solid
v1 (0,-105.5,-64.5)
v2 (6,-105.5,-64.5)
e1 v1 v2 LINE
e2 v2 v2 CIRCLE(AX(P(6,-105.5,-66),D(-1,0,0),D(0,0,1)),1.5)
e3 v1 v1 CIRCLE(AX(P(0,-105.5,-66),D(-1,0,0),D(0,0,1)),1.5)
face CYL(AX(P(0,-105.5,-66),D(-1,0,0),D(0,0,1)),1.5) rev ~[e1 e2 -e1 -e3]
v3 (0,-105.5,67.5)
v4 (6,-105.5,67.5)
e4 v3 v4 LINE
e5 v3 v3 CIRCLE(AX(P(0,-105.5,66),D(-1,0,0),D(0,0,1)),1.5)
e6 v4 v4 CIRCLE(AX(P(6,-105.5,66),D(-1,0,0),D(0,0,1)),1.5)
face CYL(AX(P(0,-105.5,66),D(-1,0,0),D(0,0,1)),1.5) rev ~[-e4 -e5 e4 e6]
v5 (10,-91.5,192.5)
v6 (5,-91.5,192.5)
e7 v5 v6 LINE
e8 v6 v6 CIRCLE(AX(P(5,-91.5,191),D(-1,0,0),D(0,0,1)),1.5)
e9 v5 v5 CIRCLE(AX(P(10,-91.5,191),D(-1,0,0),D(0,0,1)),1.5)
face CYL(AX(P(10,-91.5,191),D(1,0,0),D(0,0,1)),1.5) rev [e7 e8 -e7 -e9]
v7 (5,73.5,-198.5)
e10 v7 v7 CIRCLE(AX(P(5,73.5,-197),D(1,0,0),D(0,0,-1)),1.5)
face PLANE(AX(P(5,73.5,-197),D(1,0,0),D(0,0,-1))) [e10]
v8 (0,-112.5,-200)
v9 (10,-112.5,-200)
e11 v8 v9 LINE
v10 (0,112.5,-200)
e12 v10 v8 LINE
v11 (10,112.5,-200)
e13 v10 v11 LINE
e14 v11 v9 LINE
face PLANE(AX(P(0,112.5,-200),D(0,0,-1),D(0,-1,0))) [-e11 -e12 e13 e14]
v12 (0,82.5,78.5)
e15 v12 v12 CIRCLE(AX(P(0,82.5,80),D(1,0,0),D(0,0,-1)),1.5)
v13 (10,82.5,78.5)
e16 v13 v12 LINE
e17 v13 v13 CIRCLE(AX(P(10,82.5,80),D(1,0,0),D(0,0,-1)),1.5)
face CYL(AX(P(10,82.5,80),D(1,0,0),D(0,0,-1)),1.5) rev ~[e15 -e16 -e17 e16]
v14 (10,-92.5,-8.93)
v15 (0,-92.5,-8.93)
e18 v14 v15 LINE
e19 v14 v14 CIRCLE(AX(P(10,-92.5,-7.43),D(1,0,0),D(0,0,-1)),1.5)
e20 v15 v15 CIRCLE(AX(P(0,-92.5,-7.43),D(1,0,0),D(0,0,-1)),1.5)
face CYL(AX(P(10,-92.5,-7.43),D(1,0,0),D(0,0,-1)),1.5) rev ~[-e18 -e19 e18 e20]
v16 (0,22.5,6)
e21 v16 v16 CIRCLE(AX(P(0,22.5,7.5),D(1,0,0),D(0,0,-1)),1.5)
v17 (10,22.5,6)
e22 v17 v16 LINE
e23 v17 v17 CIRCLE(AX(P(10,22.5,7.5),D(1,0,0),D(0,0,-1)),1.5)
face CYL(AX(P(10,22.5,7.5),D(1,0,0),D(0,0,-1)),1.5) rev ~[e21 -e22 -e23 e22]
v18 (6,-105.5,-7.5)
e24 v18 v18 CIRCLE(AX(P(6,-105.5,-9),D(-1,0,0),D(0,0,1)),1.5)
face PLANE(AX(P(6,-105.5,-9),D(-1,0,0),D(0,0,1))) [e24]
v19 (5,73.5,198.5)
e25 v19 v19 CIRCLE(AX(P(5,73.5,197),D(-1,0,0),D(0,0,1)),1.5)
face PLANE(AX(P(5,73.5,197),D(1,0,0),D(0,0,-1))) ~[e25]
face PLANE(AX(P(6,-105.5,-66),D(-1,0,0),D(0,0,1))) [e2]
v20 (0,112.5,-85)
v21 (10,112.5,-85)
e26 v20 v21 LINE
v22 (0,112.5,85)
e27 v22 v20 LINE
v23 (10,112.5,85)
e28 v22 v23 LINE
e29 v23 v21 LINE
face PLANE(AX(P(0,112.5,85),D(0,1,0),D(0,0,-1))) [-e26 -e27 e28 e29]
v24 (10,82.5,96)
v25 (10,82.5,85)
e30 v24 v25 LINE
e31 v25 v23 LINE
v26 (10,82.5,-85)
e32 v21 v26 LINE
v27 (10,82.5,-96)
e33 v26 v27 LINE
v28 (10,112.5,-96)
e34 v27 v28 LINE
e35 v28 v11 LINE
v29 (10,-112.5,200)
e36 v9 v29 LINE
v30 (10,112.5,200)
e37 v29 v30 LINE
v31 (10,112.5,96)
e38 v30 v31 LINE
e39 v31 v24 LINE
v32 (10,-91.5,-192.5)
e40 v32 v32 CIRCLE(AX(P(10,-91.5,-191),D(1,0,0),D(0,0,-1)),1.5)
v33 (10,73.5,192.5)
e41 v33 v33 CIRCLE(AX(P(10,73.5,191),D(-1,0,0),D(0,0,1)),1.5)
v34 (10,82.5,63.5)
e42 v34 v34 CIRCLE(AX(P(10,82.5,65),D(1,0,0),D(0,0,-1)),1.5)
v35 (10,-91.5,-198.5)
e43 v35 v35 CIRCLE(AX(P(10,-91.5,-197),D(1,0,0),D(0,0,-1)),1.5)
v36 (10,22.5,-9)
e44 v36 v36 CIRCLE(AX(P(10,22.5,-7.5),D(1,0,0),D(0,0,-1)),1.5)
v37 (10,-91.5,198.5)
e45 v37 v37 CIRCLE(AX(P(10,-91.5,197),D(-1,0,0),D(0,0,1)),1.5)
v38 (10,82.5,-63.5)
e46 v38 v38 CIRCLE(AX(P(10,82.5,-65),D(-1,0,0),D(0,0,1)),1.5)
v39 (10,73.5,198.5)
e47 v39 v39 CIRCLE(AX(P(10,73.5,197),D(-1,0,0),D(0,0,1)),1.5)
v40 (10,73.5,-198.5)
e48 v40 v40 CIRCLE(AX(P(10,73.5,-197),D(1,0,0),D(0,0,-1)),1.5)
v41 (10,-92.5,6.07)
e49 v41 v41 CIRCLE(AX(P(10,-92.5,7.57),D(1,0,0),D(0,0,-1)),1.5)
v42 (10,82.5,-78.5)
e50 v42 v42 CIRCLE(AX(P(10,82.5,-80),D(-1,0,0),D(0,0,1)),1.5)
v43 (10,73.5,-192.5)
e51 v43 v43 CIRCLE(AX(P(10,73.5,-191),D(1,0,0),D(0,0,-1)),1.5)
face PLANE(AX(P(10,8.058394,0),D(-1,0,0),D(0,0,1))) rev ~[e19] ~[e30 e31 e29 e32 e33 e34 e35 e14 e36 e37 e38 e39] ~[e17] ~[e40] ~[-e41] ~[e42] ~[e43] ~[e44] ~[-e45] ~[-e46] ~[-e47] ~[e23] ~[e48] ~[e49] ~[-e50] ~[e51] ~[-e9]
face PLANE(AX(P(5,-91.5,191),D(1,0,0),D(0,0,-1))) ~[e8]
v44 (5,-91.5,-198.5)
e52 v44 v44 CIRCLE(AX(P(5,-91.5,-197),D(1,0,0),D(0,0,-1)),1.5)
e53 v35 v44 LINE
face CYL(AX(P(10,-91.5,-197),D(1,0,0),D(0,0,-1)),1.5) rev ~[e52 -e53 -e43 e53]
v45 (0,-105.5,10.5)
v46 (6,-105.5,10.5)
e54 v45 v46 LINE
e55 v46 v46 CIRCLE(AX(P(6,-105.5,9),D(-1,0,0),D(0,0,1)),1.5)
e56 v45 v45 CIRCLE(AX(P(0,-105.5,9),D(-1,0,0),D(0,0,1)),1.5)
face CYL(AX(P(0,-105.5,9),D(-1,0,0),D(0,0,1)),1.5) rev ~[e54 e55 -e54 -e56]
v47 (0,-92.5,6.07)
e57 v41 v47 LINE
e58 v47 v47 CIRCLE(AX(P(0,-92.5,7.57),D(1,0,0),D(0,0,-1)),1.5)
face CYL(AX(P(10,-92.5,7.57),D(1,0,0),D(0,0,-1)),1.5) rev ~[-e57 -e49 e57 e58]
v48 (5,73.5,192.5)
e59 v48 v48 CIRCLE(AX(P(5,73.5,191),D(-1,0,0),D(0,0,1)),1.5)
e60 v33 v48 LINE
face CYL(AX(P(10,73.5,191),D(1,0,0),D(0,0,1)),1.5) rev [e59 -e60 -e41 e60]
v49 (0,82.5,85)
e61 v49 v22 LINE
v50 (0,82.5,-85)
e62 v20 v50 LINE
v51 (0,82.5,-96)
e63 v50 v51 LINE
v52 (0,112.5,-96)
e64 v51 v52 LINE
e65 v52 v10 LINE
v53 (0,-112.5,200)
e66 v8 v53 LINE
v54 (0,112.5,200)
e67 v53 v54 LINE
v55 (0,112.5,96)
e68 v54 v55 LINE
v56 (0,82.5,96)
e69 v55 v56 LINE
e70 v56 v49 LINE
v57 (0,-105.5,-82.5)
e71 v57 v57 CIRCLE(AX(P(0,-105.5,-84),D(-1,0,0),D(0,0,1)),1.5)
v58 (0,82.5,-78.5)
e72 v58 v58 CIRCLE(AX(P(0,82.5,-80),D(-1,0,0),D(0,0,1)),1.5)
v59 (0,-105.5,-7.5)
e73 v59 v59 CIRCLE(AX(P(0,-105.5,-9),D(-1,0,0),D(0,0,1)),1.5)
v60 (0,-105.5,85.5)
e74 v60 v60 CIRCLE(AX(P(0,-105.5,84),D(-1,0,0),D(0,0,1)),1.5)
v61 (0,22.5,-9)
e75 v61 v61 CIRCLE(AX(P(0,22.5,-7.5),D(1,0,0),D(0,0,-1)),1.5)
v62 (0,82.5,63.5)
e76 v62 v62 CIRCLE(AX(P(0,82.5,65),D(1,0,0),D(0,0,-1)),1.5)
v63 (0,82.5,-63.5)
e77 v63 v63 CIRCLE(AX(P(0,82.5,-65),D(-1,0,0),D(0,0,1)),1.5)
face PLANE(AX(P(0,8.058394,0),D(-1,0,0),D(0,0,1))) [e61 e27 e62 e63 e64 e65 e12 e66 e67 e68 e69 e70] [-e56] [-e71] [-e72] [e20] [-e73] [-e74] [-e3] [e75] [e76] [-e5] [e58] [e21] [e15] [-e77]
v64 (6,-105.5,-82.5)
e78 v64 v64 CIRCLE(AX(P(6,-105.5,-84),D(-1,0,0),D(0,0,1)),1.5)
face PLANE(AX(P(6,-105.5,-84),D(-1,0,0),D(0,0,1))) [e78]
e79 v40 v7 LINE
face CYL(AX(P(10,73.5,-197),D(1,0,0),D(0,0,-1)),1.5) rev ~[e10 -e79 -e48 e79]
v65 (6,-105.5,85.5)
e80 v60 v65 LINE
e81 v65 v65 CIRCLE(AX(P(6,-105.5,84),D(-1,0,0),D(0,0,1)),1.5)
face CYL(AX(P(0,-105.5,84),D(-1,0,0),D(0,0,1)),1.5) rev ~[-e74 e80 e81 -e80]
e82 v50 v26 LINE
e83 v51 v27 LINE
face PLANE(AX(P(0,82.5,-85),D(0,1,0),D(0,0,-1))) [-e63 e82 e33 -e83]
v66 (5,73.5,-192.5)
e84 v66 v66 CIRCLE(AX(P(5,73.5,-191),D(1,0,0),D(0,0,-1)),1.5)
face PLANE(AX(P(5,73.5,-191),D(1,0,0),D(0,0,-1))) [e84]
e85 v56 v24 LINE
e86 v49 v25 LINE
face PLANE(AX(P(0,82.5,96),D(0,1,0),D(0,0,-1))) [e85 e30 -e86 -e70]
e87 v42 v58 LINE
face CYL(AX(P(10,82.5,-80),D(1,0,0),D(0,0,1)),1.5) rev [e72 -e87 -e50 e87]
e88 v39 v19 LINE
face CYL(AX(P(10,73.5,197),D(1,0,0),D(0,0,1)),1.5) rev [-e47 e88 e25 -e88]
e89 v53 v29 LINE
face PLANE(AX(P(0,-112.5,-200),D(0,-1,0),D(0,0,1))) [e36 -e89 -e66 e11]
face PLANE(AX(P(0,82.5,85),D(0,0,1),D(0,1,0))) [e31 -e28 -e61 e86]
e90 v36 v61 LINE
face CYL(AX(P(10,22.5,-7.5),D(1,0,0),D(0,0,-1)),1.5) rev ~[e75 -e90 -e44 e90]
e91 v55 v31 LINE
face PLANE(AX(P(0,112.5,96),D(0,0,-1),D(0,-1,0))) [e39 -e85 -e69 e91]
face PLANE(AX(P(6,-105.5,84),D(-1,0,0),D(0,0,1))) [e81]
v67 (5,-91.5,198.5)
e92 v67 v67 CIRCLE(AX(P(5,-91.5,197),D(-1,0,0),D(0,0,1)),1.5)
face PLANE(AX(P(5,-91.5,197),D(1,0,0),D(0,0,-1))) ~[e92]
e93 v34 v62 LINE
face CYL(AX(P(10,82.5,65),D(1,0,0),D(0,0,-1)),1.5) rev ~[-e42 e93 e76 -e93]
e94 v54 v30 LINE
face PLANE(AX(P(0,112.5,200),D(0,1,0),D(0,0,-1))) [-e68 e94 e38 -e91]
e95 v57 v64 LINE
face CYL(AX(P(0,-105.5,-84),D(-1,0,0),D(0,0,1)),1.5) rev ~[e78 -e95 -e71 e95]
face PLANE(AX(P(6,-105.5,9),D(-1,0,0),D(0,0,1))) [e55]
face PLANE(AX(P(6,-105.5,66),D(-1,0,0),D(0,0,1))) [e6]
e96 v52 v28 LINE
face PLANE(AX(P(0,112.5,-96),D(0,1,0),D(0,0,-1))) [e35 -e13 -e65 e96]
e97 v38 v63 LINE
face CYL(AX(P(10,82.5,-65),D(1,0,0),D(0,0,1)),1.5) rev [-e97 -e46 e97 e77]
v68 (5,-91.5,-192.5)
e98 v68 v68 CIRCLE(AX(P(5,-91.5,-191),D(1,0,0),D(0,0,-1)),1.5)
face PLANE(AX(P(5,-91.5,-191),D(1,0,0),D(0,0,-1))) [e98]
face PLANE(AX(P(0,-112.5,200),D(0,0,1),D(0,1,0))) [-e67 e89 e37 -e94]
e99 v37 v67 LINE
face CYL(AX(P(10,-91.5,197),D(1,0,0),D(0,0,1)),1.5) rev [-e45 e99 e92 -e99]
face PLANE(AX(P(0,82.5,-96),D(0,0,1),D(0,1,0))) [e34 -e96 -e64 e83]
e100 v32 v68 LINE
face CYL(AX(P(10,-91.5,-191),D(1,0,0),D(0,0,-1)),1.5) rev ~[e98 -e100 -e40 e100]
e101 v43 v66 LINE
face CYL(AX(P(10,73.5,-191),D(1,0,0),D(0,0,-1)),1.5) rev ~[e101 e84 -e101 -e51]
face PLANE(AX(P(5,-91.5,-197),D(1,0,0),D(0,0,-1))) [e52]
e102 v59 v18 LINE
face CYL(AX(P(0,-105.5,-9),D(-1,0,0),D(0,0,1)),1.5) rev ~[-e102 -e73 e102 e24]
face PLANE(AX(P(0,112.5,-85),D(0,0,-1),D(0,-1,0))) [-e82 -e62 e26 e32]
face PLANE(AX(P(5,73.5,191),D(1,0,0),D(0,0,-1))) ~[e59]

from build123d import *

# Parameters (mm, degrees)
EXTRUDE_1_DEPTH     = 10
SKETCH_2_R          = 1.5
CUT_EXTRUDE_1_DEPTH = 6
SKETCH_3_R          = 1.5
CUT_EXTRUDE_2_DEPTH = 5
SKETCH_4_R          = 1.5
CUT_EXTRUDE_3_DEPTH = 10
SKETCH_5_R          = 1.5
CUT_EXTRUDE_4_DEPTH = 10
SKETCH_6_R          = 1.5
CUT_EXTRUDE_5_DEPTH = 10


with BuildPart() as part:
    # 草图1 → 凸台-拉伸1 (new body)
    with BuildSketch(Plane(origin=(0, 0, 0), x_dir=(0, 0, -1), z_dir=(1, 0, 0))):
        Polygon((96, 112.5), (200, 112.5), (200, -112.5), (-200, -112.5), (-200, 112.5), (-96, 112.5), (-96, 82.5), (-85, 82.5), (-85, 112.5), (85, 112.5), (85, 82.5), (96, 82.5), align=None)
    extrude(amount=EXTRUDE_1_DEPTH)

    # 草图2 → 切除-拉伸1 (cut)
    with BuildSketch(Plane.ZY):
        with Locations((-84, -105.5)):
            Circle(SKETCH_2_R)
        with Locations((-66, -105.5)):
            Circle(SKETCH_2_R)
        with Locations((-9, -105.5)):
            Circle(SKETCH_2_R)
        with Locations((9, -105.5)):
            Circle(SKETCH_2_R)
        with Locations((66, -105.5)):
            Circle(SKETCH_2_R)
        with Locations((84, -105.5)):
            Circle(SKETCH_2_R)
    extrude(amount=-CUT_EXTRUDE_1_DEPTH, mode=Mode.SUBTRACT)

    # 草图3 → 切除-拉伸2 (cut)
    with BuildSketch(Plane(origin=(10, 0, 0), x_dir=(0, 0, -1), z_dir=(1, 0, 0))):
        with Locations((197, -91.5)):
            Circle(SKETCH_3_R)
        with Locations((191, -91.5)):
            Circle(SKETCH_3_R)
        with Locations((191, 73.5)):
            Circle(SKETCH_3_R)
        with Locations((197, 73.5)):
            Circle(SKETCH_3_R)
    cut_extrude_2 = extrude(amount=-CUT_EXTRUDE_2_DEPTH, mode=Mode.SUBTRACT)

    # 镜向1: 切除-拉伸2 across plane
    add(cut_extrude_2.mirror(Plane.XY), mode=Mode.SUBTRACT)

    # 草图4 → 切除-拉伸3 (cut)
    with BuildSketch(Plane(origin=(10, 0, 0), x_dir=(0, 0, -1), z_dir=(1, 0, 0))):
        with Locations((7.43, -92.5)):
            Circle(SKETCH_4_R)
        with Locations((-7.57, -92.5)):
            Circle(SKETCH_4_R)
    extrude(amount=-CUT_EXTRUDE_3_DEPTH, mode=Mode.SUBTRACT)

    # 草图5 → 切除-拉伸4 (cut)
    with BuildSketch(Plane(origin=(10, 0, 0), x_dir=(0, 0, -1), z_dir=(1, 0, 0))):
        with Locations((-80, 82.5)):
            Circle(SKETCH_5_R)
        with Locations((-65, 82.5)):
            Circle(SKETCH_5_R)
    cut_extrude_4 = extrude(amount=-CUT_EXTRUDE_4_DEPTH, mode=Mode.SUBTRACT)

    # 镜向2: 切除-拉伸4 across plane
    add(cut_extrude_4.mirror(Plane.XY), mode=Mode.SUBTRACT)

    # 草图6 → 切除-拉伸5 (cut)
    with BuildSketch(Plane(origin=(10, 0, 0), x_dir=(0, 0, -1), z_dir=(1, 0, 0))):
        with Locations((-7.5, 22.5)):
            Circle(SKETCH_6_R)
        with Locations((7.5, 22.5)):
            Circle(SKETCH_6_R)
    extrude(amount=-CUT_EXTRUDE_5_DEPTH, mode=Mode.SUBTRACT)


solid = part.part
